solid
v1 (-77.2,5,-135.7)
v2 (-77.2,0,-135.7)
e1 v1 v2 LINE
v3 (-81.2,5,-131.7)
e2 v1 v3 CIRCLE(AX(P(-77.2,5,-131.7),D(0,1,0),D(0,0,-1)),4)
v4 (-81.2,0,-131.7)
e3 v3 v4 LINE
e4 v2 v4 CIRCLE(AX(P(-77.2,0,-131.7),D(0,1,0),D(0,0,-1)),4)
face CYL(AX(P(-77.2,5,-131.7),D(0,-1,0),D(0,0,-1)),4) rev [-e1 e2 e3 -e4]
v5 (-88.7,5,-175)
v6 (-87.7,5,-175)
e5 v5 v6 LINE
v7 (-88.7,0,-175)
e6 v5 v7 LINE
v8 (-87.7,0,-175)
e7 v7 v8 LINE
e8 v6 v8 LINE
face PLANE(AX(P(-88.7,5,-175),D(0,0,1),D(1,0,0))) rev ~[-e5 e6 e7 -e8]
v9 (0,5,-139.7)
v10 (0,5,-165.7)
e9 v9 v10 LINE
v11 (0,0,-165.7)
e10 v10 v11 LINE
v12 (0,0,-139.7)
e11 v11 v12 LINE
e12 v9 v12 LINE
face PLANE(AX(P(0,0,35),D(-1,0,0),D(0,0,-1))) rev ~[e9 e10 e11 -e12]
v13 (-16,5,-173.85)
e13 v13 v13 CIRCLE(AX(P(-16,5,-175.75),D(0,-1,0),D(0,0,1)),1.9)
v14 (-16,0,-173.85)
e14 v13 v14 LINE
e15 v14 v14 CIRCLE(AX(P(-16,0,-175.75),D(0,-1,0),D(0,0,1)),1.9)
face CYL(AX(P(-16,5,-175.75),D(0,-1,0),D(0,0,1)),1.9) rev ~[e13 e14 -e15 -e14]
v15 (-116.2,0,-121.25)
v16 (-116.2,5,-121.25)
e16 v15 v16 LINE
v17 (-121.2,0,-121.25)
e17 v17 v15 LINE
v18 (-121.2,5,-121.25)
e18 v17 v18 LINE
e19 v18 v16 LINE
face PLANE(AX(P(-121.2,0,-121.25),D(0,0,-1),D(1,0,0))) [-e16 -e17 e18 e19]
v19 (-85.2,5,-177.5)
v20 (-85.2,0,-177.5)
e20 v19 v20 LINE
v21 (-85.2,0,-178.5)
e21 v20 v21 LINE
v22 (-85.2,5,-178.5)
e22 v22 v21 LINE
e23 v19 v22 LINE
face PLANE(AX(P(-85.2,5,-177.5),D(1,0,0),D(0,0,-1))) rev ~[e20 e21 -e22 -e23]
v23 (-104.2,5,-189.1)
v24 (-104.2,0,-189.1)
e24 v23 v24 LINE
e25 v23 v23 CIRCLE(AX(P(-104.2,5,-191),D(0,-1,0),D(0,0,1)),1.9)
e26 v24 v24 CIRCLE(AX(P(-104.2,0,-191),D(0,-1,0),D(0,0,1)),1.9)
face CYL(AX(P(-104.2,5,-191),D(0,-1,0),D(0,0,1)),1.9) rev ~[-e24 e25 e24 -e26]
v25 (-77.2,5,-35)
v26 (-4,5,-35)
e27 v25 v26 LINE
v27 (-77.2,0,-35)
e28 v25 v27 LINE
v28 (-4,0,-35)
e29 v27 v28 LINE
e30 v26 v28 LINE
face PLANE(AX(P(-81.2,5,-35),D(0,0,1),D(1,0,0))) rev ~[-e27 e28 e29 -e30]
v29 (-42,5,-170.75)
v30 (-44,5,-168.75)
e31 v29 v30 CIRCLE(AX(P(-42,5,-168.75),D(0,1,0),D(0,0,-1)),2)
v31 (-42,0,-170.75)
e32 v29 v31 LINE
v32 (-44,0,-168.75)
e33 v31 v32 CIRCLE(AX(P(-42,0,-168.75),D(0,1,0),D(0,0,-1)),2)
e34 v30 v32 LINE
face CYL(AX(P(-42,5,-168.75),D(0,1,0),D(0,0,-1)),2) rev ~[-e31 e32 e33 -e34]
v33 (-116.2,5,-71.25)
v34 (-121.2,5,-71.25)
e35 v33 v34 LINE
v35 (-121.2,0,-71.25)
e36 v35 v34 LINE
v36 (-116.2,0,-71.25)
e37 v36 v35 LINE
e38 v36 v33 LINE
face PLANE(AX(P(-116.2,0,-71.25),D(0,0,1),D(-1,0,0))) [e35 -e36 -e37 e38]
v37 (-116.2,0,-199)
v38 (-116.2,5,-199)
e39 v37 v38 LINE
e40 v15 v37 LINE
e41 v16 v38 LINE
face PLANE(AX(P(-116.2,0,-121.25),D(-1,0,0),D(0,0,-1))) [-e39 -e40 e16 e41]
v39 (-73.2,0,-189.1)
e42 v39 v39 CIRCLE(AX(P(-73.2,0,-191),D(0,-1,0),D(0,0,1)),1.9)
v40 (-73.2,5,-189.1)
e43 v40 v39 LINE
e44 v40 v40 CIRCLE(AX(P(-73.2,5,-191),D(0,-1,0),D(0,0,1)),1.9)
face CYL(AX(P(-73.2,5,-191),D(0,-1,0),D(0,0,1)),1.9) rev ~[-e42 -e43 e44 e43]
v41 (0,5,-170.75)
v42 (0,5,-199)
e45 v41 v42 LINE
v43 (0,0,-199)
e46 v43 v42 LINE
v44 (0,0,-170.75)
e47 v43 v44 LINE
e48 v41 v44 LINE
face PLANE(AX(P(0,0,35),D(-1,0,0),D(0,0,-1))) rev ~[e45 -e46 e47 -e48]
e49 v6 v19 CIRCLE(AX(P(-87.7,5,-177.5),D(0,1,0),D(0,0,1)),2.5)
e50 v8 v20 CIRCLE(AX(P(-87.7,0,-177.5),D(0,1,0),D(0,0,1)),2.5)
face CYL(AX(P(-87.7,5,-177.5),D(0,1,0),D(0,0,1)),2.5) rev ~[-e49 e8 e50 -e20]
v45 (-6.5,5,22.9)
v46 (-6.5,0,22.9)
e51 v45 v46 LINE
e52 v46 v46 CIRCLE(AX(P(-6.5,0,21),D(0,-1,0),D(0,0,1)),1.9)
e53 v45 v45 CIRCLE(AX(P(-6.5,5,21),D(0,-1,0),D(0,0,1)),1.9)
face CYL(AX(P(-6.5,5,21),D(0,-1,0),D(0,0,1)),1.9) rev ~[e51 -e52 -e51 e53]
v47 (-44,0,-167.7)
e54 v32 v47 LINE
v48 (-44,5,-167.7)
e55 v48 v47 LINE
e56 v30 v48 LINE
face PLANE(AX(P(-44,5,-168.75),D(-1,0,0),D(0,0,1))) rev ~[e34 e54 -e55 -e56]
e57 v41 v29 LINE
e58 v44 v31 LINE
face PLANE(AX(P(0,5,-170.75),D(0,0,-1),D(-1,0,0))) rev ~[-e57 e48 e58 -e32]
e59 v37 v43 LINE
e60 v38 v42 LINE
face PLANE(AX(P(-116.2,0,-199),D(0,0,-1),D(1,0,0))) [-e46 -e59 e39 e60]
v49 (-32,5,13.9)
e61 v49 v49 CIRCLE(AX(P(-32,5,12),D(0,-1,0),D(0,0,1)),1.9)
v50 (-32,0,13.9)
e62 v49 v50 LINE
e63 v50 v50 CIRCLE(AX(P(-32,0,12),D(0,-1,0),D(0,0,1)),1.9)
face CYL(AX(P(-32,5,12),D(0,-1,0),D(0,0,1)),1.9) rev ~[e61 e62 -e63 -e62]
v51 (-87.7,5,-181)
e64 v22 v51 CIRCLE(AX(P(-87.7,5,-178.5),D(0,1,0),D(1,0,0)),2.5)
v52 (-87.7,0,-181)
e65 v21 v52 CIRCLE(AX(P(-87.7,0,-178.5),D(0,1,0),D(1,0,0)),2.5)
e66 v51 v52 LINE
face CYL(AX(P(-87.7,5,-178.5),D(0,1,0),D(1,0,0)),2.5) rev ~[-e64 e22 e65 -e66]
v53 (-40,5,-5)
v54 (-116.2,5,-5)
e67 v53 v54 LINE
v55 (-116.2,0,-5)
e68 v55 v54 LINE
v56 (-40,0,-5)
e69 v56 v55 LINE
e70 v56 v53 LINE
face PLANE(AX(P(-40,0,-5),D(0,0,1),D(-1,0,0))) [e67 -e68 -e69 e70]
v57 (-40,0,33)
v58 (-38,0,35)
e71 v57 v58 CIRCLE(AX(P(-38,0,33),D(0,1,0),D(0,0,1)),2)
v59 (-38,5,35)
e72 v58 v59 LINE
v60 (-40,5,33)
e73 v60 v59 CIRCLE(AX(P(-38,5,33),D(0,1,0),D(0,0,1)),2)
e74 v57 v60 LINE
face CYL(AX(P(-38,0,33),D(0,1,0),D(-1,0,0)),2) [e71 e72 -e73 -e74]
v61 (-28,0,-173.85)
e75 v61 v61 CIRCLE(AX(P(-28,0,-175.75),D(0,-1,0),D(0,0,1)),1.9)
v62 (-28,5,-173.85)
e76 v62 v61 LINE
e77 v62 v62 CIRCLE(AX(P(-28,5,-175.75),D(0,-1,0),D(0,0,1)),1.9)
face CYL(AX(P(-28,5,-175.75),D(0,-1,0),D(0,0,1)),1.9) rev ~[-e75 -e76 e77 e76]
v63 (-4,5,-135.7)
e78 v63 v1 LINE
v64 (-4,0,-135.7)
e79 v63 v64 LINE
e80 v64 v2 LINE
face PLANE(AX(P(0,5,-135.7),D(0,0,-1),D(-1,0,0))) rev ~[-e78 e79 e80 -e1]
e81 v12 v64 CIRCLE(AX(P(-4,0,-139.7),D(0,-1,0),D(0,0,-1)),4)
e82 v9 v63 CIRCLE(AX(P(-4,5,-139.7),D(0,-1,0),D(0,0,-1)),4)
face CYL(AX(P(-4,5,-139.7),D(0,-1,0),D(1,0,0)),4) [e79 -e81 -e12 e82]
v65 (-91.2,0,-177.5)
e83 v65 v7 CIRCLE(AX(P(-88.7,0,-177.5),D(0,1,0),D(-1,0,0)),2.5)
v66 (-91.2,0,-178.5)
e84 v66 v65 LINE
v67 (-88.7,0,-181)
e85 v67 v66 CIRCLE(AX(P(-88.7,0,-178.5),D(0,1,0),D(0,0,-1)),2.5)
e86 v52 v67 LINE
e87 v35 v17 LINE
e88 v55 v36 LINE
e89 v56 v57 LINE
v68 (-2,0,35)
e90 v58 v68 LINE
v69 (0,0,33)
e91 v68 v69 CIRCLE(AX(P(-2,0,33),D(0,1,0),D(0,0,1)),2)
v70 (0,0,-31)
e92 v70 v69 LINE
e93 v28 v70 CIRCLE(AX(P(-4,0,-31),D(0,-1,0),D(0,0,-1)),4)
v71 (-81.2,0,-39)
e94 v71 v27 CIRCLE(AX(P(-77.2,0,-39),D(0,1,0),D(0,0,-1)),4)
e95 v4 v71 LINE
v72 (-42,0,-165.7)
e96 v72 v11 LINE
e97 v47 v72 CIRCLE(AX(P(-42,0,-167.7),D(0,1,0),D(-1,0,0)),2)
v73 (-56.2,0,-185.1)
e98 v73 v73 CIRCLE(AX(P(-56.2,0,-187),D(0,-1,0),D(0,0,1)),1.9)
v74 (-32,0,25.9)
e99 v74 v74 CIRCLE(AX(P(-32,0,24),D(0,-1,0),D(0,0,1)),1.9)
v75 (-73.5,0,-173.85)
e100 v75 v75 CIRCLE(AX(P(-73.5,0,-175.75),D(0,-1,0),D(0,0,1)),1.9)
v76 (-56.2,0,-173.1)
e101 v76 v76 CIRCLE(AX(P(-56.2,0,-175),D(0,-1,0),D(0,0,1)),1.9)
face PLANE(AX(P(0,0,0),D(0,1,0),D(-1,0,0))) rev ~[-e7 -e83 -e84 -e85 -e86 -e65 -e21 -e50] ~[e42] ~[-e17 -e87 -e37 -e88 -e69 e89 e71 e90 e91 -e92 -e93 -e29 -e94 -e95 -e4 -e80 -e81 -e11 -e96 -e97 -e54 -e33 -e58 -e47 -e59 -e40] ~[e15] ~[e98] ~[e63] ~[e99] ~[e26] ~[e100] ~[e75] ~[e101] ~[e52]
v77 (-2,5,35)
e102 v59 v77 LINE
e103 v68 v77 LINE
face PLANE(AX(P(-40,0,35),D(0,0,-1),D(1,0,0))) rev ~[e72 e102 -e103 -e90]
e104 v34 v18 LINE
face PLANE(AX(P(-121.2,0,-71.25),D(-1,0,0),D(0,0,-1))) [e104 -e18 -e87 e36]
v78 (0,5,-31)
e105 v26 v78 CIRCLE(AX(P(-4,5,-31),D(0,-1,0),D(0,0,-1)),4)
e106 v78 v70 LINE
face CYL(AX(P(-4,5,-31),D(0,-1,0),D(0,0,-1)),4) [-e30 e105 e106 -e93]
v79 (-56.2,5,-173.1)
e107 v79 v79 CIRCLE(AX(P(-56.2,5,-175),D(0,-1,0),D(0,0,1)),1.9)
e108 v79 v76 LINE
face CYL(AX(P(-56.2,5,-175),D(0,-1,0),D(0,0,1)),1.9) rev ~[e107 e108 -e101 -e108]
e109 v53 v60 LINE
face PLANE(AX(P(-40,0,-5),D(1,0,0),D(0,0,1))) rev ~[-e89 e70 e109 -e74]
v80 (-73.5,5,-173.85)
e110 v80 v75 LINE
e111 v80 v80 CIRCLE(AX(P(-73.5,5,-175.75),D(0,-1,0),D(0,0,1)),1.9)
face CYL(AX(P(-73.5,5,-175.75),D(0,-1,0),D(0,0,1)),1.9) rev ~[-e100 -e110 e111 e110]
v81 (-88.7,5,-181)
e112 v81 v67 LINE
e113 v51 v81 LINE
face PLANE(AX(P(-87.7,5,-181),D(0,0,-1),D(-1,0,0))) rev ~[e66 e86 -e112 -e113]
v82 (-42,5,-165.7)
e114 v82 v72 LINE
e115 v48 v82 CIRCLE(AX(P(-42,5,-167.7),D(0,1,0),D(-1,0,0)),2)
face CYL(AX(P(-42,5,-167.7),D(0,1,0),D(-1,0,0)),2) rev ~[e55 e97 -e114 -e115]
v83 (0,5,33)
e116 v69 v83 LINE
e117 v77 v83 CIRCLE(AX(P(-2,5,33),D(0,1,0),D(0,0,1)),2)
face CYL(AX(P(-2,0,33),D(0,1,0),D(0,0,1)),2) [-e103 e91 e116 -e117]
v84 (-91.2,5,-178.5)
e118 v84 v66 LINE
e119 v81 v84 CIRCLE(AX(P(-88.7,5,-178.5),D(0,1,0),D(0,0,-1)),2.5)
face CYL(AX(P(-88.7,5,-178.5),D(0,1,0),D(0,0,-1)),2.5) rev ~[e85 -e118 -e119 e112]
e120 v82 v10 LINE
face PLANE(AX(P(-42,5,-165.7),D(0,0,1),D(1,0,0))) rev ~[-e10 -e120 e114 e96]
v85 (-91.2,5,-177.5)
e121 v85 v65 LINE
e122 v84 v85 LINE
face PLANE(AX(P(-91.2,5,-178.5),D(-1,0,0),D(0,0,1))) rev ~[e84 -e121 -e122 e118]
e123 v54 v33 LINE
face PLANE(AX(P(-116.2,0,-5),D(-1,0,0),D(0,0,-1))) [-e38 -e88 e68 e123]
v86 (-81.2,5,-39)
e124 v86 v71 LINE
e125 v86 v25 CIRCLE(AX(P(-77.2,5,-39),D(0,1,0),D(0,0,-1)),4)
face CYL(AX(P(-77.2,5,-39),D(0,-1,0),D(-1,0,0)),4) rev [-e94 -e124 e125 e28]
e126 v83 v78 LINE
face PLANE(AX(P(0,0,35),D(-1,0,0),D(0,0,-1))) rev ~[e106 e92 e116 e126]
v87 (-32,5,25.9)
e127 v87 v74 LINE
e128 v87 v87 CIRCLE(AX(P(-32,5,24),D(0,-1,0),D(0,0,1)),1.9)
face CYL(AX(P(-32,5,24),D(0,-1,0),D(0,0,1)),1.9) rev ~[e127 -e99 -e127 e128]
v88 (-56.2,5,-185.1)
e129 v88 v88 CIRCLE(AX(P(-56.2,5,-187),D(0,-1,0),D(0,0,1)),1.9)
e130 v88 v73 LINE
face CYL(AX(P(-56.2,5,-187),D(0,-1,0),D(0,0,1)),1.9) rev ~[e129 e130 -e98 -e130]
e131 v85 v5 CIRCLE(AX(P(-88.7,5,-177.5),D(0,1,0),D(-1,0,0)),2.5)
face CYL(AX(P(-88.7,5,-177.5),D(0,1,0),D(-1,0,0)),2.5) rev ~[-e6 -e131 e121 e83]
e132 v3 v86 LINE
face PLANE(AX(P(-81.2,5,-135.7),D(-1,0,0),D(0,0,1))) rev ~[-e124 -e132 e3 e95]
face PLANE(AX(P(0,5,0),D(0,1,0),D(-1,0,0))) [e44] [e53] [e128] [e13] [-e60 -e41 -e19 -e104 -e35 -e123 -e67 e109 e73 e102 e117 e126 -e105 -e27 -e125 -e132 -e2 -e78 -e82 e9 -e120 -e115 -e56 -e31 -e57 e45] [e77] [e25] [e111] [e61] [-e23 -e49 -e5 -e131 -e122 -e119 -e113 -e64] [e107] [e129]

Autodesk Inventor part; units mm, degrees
ref_plane "YZ Plane" through (0, 0, 0) normal (1, 0, 0) x (0, 1, 0)
ref_plane "XZ Plane" through (0, 0, 0) normal (0, 1, 0) x (-1, 0, 0)
ref_plane "XY Plane" through (0, 0, 0) normal (0, 0, 1) x (1, 0, 0)
sketch "Sketch1" plane through (0, 0, 0) normal (0, 1, 0) x (-1, 0, 0)
  line L0 (40, -5) -> (116.2, -5)
  line L1 (116.2, -199) -> (0, -199)
  line L2 (0, -199) -> (0, 0)
  line L3 (40, -5) -> (40, 35)
  line L4 (40, 35) -> (0, 35)
  line L5 (0, 35) -> (0, 0)
  line L6 (116.2, -71.25) -> (121.2, -71.25)
  line L7 (121.2, -71.25) -> (121.2, -121.25)
  line L8 (121.2, -121.25) -> (116.2, -121.25)
  line L9 (116.2, -5) -> (116.2, -71.25)
  line L10 (116.2, -121.25) -> (116.2, -199)
  dimension "d0" = 116.2
  dimension "d6" = 77.75
  dimension "d8" = 50
  dimension "d9" = 5
  dimension "d11" = 40
  dimension "d12" = 40
  dimension "d31" = 194
extrude "Extrusion1" add sketch "Sketch1" along normal blind 5
sketch "Sketch2" plane through (0, 5, 0) normal (0, 1, 0) x (1, 0, 0)
  line L0 (-32, -64.6005) -> (-32, 40.6005) construction
  line L1 (-139.7989, 191) -> (-75.0444, 191) construction
  line L2 (0, 199) -> (-116.2, 199) projected
  line L3 (-116.2, 199) -> (-116.2, 121.25) projected
  line L4 (-116.2, 5) -> (-40, 5) projected
  line L5 (-40, 5) -> (-40, -35) projected
  point P0 (0, 0)
  point P1 (-32, -24)
  point P2 (-32, -12)
  point P3 (-104.2, 191)
  point P4 (-73.2, 191)
  point P5 (-32, -12)
  dimension "d16" = 31
  dimension "d17" = 8
  dimension "d18" = 12
  dimension "d19" = 17
  dimension "d20" = 12
  dimension "d21" = 8
hole "Hole1" at (-32, 5, 24) at (-32, 5, 12) at (-104.2, 5, -191) at (-73.2, 5, -191) direction (0, -1, 0) diameter 3.8 end through all
fillet "Fillet1" radius 2 2 edges at (-40, 2.5, 35) (0, 2.5, 35)
sketch "Sketch3" plane through (0, 5, 0) normal (0, 1, 0) x (1, 0, 0)
  line L0 (-56.2, 96.1981) -> (-56.2, 272.5509) construction
  line L1 (-116.2, 199) -> (-116.2, 121.25) projected
  line L2 (0, 199) -> (-116.2, 199) projected
  point P0 (0, 0)
  point P1 (-56.2, 187)
  point P2 (-56.2, 175)
  dimension "d32" = 60
  dimension "d33" = 12
  dimension "d34" = 12
hole "Hole2" at (-56.2, 5, -187) at (-56.2, 5, -175) direction (0, -1, 0) diameter 3.8 end through all
sketch "Sketch5" plane through (0, 5, 0) normal (0, 1, 0) x (1, 0, 0)
  line L0 (0, -33) -> (0, 199) projected
  line L1 (0, 170.75) -> (-42, 170.75)
  line L2 (-44, 168.75) -> (-44, 167.7)
  line L3 (-42, 165.7) -> (0, 165.7)
  line L4 (0, 165.7) -> (0, 170.75)
  line L5 (0, 199) -> (-116.2, 199) projected
  arc A0 (-44, 167.7) -> (-42, 165.7) centre (-42, 167.7) ccw
  arc A1 (-42, 170.75) -> (-44, 168.75) centre (-42, 168.75) ccw
  point P0 (0, 0)
  point P1 (-44, 165.7)
  point P2 (-44, 170.75)
  point P3 (0, 165.7)
  dimension "d47" = 44
  dimension "d48" = 5.05
  dimension "d49" = 33.3
  dimension "d50" = 2
extrude "Extrusion3" cut sketch "Sketch5" against normal blind 5
sketch "Sketch6" plane through (0, 5, 0) normal (0, 1, 0) x (1, 0, 0)
  line L0 (-135.5788, 175.75) -> (79.5788, 175.75) construction
  line L1 (0, 199) -> (-116.2, 199) construction
  line L2 (0, 170.75) -> (0, 199) construction
  point P0 (0, 0)
  point P1 (-16, 175.75)
  point P2 (-28, 175.75)
  point P3 (-73.5, 175.75)
  dimension "d53" = 23.25
  dimension "d54" = 16
  dimension "d55" = 28
  dimension "d56" = 73.5
hole "Hole3" at (-16, 5, -175.75) at (-28, 5, -175.75) at (-73.5, 5, -175.75) direction (0, -1, 0) diameter 3.8 end through all
sketch "Sketch7" plane through (0, 5, 0) normal (0, 1, 0) x (1, 0, 0)
  line L0 (-6.5, 43.9272) -> (-6.5, -51.0616) construction
  line L1 (0, -33) -> (0, 165.7) projected
  line L2 (-38, -35) -> (-2, -35) projected
  point P0 (0, 0)
  point P1 (-6.5, -21)
  dimension "d64" = 6.5
  dimension "d65" = 14
hole "Hole4" at (-6.5, 5, 21) direction (0, -1, 0) diameter 3.8 end through all
sketch "Sketch8" plane through (0, 5, 0) normal (0, 1, 0) x (1, 0, 0)
  line L0 (-129.4929, 178) -> (-73.5, 178) construction
  line L1 (0, 199) -> (-116.2, 199) projected
  line L2 (-88.7, 175) -> (-87.7, 175)
  line L3 (-85.2, 177.5) -> (-85.2, 178.5)
  line L4 (-87.7, 181) -> (-88.7, 181)
  line L5 (-91.2, 178.5) -> (-91.2, 177.5)
  line L6 (-91.2, 175) -> (-85.2, 181) construction
  line L7 (-85.2, 175) -> (-91.2, 181) construction
  line L8 (-116.2, 199) -> (-116.2, 121.25) projected
  arc A0 (-88.7, 181) -> (-91.2, 178.5) centre (-88.7, 178.5) ccw
  arc A1 (-91.2, 177.5) -> (-88.7, 175) centre (-88.7, 177.5) ccw
  arc A2 (-87.7, 175) -> (-85.2, 177.5) centre (-87.7, 177.5) ccw
  arc A3 (-85.2, 178.5) -> (-87.7, 181) centre (-87.7, 178.5) ccw
  point P0 (0, 0)
  point P1 (-88.2, 178)
  dimension "d73" = 21
  dimension "d74" = 6
  dimension "d75" = 6
  dimension "d76" = 25
  dimension "d77" = 2.5
extrude "Extrusion4" cut sketch "Sketch8" against normal through all
sketch "Sketch9" plane through (0, 5, 0) normal (0, 1, 0) x (1, 0, 0)
  line L0 (0, -33) -> (0, 165.7) projected
  line L1 (0, 135.7) -> (-81.2, 135.7)
  line L2 (-81.2, 135.7) -> (-81.2, 35)
  line L3 (-81.2, 35) -> (0, 35)
  line L4 (0, 35) -> (0, 135.7)
  line L5 (0, 165.7) -> (-42, 165.7) projected
  line L6 (-116.2, 5) -> (-40, 5) projected
  line L7 (-116.2, 199) -> (-116.2, 121.25) projected
  point P0 (0, 0)
  point P1 (0, 35)
  dimension "d80" = 30
  dimension "d81" = 30
  dimension "d82" = 35
extrude "Extrusion5" cut sketch "Sketch9" against normal through all
fillet "Fillet3" radius 4 4 edges at (-81.2, 2.5, -135.7) (-81.2, 2.5, -35) (0, 2.5, -35) (0, 2.5, -135.7)
properties part number "BAttery divider"
